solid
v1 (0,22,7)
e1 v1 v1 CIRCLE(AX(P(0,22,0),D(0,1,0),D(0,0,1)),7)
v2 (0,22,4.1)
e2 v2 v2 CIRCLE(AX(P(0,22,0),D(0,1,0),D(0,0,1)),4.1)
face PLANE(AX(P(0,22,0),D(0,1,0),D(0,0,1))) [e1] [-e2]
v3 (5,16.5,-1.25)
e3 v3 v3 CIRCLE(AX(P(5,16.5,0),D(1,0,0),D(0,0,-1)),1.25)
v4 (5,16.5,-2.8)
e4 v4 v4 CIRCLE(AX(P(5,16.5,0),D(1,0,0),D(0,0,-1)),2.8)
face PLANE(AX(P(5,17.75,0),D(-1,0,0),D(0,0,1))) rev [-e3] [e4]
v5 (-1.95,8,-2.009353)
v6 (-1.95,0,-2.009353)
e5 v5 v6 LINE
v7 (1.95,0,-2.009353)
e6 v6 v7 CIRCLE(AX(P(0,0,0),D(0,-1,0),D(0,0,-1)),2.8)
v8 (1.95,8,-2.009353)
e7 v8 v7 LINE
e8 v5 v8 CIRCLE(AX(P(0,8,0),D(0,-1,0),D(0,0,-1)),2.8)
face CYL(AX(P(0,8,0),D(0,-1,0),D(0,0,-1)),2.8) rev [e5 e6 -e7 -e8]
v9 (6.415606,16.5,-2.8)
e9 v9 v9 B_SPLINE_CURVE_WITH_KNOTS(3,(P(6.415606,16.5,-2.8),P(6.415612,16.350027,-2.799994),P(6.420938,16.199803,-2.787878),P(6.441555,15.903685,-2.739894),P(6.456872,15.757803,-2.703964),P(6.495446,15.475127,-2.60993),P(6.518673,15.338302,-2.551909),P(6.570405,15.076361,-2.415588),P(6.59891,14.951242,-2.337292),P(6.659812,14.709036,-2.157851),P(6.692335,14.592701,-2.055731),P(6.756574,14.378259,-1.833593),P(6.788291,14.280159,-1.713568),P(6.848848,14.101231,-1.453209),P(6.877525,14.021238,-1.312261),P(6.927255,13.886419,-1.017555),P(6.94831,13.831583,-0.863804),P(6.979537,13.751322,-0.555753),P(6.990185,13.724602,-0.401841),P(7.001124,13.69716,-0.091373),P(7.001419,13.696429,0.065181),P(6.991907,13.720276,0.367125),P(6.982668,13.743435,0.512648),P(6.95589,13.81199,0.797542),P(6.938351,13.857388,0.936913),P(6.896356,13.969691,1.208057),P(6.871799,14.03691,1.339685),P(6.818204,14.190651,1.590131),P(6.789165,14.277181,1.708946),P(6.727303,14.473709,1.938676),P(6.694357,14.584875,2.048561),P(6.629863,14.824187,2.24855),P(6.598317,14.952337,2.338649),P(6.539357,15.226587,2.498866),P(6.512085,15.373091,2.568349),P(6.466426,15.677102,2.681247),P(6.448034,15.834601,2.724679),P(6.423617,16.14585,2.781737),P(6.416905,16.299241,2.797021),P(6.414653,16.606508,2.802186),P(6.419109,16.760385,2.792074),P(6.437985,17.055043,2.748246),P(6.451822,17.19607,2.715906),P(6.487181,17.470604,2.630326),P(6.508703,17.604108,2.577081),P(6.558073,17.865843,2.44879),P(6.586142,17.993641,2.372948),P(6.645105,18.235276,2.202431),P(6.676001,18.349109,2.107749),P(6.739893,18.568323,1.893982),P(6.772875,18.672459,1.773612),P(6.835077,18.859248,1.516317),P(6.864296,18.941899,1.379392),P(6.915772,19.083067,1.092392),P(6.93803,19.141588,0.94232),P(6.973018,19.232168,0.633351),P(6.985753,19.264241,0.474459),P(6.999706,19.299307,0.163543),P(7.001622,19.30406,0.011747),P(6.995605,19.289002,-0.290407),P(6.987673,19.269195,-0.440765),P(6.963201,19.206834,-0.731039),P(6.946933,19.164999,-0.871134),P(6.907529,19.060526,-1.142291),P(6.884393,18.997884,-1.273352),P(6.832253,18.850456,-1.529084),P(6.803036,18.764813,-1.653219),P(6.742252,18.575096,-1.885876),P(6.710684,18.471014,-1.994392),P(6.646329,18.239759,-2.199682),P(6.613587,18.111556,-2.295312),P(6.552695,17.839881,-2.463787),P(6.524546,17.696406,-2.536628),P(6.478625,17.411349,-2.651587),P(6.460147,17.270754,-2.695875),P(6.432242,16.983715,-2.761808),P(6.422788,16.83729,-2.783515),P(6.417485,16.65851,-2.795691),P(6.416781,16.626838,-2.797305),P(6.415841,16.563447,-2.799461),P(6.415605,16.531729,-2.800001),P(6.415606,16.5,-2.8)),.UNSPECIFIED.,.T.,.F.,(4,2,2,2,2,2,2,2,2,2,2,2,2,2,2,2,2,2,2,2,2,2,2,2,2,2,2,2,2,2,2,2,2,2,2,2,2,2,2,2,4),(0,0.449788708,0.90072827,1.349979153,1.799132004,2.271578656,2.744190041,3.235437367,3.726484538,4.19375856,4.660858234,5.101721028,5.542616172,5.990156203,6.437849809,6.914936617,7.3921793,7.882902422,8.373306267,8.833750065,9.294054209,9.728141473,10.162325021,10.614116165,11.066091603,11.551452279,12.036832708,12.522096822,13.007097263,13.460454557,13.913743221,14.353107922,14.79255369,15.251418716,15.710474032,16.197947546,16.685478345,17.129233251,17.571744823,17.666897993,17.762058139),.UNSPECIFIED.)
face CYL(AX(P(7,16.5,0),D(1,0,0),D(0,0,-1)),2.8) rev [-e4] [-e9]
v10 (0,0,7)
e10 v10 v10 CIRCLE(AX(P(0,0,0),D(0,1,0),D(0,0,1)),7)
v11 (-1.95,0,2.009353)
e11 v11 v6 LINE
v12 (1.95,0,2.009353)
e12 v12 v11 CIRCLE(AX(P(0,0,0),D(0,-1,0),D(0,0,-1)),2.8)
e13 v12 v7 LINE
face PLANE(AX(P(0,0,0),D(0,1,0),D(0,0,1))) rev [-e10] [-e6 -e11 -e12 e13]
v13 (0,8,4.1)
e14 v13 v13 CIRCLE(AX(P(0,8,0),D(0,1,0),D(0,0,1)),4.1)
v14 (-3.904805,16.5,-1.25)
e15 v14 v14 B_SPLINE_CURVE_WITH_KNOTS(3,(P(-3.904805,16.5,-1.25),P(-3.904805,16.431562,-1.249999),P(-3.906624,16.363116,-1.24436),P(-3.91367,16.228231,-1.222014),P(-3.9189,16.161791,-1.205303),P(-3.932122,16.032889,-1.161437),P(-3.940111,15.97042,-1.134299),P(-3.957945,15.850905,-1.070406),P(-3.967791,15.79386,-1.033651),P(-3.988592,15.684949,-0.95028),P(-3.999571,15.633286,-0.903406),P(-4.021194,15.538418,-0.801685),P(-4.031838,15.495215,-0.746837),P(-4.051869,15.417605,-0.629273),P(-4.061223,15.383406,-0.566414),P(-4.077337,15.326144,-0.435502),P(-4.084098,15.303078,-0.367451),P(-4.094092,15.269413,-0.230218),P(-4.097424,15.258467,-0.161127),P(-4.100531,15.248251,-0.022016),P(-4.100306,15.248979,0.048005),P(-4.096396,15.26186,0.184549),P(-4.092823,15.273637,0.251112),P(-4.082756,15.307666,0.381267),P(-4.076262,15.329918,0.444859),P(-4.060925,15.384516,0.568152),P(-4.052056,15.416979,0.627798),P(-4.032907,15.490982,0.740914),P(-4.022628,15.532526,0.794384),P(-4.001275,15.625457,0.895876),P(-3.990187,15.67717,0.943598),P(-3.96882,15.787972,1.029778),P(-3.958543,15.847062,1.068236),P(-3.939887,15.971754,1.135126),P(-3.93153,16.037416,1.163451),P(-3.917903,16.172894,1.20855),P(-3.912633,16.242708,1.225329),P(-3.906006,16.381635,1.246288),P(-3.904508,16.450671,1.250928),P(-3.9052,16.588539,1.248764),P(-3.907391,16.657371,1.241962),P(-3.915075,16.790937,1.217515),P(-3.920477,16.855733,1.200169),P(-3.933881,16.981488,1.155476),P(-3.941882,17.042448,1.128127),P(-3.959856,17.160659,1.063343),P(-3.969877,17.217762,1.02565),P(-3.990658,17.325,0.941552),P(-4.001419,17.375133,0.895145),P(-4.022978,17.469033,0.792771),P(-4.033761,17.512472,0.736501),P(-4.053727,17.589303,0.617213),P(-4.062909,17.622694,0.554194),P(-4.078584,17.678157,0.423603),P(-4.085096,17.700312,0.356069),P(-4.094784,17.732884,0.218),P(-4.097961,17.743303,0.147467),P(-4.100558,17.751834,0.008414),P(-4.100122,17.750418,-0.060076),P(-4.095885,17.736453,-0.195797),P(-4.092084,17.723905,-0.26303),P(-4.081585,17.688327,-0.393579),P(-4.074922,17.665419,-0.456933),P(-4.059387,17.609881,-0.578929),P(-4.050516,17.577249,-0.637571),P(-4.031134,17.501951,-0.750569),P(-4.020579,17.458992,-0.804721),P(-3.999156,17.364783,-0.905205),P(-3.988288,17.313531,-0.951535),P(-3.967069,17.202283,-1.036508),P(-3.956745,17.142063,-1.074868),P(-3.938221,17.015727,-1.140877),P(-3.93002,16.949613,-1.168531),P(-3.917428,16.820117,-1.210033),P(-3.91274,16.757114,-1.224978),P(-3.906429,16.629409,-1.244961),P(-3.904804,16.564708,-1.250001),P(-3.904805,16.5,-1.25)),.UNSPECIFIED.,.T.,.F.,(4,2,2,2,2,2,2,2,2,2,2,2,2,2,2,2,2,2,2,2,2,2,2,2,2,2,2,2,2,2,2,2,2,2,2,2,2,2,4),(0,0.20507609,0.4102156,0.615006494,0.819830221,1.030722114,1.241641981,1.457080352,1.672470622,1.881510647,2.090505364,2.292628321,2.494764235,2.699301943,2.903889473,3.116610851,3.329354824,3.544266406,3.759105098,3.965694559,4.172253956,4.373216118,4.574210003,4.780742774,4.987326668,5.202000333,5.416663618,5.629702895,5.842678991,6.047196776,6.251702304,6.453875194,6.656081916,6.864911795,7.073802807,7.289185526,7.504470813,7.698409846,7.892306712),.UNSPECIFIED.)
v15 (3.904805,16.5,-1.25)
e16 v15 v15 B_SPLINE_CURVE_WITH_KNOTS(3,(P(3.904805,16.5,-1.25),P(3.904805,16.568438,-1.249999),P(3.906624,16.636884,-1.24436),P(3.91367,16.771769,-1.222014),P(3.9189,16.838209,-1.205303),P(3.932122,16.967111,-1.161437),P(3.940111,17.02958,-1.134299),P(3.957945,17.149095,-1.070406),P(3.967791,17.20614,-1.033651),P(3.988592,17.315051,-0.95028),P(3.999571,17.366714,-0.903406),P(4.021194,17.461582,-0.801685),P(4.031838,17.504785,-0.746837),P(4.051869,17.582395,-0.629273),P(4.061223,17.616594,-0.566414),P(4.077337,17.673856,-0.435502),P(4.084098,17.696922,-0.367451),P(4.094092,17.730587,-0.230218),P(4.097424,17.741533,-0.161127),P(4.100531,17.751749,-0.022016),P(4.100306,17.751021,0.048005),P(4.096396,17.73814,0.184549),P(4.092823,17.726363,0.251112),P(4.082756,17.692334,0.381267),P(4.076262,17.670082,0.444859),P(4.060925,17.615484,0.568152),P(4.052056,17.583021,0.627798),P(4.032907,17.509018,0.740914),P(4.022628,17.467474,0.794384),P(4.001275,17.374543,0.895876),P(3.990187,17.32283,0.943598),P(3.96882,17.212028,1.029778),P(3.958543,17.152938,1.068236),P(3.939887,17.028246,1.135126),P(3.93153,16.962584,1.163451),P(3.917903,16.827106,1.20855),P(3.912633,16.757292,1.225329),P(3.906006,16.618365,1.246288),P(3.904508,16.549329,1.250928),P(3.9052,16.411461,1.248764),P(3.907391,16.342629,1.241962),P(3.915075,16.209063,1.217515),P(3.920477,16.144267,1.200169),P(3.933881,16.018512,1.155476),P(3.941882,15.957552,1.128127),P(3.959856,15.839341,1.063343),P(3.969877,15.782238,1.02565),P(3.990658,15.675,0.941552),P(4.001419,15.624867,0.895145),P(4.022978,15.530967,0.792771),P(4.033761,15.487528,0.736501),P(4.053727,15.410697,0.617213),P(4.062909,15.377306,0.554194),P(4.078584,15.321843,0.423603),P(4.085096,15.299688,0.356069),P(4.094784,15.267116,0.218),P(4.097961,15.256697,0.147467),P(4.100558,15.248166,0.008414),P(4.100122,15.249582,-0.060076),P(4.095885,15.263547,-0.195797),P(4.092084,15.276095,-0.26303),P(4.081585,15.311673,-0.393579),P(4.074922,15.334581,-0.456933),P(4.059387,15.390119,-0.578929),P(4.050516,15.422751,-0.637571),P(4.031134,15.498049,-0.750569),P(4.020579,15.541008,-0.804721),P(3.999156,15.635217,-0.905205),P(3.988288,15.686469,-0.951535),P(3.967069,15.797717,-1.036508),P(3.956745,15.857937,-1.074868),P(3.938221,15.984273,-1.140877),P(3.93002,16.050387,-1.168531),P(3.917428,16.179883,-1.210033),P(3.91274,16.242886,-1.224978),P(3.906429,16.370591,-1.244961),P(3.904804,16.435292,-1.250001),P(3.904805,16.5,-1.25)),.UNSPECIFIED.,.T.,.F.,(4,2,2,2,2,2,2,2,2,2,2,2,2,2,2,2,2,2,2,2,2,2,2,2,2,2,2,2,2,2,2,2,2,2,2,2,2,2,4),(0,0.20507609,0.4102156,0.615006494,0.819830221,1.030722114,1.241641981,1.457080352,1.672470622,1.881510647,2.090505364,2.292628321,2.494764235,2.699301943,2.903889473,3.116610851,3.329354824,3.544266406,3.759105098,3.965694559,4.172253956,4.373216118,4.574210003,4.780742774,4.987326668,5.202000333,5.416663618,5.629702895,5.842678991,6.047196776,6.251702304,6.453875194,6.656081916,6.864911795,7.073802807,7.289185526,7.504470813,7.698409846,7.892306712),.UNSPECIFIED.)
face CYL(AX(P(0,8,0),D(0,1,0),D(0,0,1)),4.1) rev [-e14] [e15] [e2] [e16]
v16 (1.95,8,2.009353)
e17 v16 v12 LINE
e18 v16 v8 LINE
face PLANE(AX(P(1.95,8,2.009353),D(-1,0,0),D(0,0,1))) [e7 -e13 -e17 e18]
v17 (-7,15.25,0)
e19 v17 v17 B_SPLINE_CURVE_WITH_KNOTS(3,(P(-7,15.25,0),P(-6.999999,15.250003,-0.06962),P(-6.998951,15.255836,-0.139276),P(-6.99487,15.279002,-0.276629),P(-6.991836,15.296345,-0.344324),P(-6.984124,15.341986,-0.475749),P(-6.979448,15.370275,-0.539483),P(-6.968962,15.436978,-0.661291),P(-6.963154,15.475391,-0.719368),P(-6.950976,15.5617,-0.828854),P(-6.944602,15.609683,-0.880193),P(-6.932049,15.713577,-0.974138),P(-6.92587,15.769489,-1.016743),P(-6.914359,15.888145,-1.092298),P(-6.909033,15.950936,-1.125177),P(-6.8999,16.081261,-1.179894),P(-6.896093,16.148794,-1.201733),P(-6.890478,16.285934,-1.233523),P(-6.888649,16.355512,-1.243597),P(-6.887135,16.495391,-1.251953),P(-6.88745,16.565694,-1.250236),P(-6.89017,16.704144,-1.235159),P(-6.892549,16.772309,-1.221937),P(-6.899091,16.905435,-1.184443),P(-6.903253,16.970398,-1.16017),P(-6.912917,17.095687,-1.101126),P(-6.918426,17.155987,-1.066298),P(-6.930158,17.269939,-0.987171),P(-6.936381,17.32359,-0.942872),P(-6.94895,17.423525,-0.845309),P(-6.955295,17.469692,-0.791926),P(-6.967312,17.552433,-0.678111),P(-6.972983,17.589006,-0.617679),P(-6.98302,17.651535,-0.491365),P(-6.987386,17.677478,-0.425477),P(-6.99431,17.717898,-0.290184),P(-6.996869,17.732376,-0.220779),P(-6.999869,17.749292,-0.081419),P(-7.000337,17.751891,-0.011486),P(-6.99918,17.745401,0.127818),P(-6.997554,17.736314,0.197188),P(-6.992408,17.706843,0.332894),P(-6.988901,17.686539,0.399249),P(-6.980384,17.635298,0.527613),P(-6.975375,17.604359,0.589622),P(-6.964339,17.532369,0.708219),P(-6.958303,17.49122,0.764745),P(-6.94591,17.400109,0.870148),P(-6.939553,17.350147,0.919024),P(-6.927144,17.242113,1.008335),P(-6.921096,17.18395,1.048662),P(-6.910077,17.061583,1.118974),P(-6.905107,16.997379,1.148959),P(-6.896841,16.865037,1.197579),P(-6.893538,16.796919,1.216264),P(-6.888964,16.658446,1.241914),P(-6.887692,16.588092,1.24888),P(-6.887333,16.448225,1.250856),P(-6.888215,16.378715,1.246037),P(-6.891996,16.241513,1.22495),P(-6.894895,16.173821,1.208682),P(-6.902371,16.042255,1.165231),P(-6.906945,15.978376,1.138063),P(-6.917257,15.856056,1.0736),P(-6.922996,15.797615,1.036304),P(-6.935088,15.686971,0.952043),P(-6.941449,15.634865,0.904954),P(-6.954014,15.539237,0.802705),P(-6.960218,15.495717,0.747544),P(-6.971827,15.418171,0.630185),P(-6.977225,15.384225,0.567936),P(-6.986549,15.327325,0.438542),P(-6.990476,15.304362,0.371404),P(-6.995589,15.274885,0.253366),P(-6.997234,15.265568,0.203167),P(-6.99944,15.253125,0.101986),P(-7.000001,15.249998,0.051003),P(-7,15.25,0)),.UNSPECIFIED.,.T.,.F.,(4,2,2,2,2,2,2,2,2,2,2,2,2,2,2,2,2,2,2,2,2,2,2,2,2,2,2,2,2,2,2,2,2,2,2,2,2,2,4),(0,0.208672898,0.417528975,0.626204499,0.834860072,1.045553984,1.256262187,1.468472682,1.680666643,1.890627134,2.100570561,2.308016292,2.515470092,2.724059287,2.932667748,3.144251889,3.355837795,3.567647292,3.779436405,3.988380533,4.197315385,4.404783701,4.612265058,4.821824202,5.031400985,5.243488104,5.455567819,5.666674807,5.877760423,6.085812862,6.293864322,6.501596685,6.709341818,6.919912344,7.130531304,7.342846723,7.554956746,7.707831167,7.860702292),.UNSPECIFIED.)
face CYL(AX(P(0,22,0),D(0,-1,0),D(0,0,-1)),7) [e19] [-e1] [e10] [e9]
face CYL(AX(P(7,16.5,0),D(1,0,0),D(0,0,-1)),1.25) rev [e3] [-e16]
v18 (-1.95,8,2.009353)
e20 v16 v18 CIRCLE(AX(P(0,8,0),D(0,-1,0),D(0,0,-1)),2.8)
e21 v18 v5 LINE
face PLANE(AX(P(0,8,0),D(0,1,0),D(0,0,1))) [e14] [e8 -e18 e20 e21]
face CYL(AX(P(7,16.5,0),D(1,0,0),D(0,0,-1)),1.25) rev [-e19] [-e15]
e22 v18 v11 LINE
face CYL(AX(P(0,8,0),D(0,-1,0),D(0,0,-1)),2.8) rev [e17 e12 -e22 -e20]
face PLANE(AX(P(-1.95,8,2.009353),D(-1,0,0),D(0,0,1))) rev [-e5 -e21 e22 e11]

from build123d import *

# Parameters (mm, degrees)
SKETCH1_R                               = 7
BOSS_EXTRUDE1_DEPTH                     = 22
SKETCH2_R                               = 4.1
CUT_EXTRUDE1_DEPTH                      = 14
CUT_EXTRUDE2_DEPTH                      = 8
CBORE_FOR_M5_HEX_HEAD_BOLT1_D           = 2.5
CBORE_FOR_M5_HEX_HEAD_BOLT1_CBORE_D     = 5.6
CBORE_FOR_M5_HEX_HEAD_BOLT1_CBORE_DEPTH = 2


with BuildPart() as part:
    # Sketch1 → Boss-Extrude1 (new body)
    with BuildSketch(Plane(origin=(0, 0, 0), x_dir=(1, 0, 0), z_dir=(0, 1, 0))):
        with Locations(Location((0, 0, 0), (0, 0, 270))):
            Circle(SKETCH1_R)
    extrude(amount=BOSS_EXTRUDE1_DEPTH)

    # Sketch2 → Cut-Extrude1 (cut)
    with BuildSketch(Plane(origin=(0, 22, 0), x_dir=(1, 0, 0), z_dir=(0, 1, 0))):
        with Locations(Location((0, 0, 0), (0, 0, 270))):
            Circle(SKETCH2_R)
    extrude(amount=-CUT_EXTRUDE1_DEPTH, mode=Mode.SUBTRACT)

    # Sketch3 → Cut-Extrude2 (cut)
    with BuildSketch(Plane.XZ):
        with BuildLine():
            Line((-1.95, 2.00935313), (-1.95, -2.00935313))
            ThreePointArc((-1.95, -2.00935313), (0, -2.8), (1.95, -2.00935313))
            Line((1.95, -2.00935313), (1.95, 2.00935313))
            ThreePointArc((1.95, 2.00935313), (0, 2.8), (-1.95, 2.00935313))
        make_face()
    extrude(amount=-CUT_EXTRUDE2_DEPTH, mode=Mode.SUBTRACT)

    # CBORE for M5 Hex Head Bolt1 (through all)
    with Locations(Plane(origin=(7, 16.5, 0), x_dir=(0, 0, 1), z_dir=(1, 0, 0))):
        with Locations((0, 0)):
            CounterBoreHole(CBORE_FOR_M5_HEX_HEAD_BOLT1_D / 2, CBORE_FOR_M5_HEX_HEAD_BOLT1_CBORE_D / 2, CBORE_FOR_M5_HEX_HEAD_BOLT1_CBORE_DEPTH)


solid = part.part
